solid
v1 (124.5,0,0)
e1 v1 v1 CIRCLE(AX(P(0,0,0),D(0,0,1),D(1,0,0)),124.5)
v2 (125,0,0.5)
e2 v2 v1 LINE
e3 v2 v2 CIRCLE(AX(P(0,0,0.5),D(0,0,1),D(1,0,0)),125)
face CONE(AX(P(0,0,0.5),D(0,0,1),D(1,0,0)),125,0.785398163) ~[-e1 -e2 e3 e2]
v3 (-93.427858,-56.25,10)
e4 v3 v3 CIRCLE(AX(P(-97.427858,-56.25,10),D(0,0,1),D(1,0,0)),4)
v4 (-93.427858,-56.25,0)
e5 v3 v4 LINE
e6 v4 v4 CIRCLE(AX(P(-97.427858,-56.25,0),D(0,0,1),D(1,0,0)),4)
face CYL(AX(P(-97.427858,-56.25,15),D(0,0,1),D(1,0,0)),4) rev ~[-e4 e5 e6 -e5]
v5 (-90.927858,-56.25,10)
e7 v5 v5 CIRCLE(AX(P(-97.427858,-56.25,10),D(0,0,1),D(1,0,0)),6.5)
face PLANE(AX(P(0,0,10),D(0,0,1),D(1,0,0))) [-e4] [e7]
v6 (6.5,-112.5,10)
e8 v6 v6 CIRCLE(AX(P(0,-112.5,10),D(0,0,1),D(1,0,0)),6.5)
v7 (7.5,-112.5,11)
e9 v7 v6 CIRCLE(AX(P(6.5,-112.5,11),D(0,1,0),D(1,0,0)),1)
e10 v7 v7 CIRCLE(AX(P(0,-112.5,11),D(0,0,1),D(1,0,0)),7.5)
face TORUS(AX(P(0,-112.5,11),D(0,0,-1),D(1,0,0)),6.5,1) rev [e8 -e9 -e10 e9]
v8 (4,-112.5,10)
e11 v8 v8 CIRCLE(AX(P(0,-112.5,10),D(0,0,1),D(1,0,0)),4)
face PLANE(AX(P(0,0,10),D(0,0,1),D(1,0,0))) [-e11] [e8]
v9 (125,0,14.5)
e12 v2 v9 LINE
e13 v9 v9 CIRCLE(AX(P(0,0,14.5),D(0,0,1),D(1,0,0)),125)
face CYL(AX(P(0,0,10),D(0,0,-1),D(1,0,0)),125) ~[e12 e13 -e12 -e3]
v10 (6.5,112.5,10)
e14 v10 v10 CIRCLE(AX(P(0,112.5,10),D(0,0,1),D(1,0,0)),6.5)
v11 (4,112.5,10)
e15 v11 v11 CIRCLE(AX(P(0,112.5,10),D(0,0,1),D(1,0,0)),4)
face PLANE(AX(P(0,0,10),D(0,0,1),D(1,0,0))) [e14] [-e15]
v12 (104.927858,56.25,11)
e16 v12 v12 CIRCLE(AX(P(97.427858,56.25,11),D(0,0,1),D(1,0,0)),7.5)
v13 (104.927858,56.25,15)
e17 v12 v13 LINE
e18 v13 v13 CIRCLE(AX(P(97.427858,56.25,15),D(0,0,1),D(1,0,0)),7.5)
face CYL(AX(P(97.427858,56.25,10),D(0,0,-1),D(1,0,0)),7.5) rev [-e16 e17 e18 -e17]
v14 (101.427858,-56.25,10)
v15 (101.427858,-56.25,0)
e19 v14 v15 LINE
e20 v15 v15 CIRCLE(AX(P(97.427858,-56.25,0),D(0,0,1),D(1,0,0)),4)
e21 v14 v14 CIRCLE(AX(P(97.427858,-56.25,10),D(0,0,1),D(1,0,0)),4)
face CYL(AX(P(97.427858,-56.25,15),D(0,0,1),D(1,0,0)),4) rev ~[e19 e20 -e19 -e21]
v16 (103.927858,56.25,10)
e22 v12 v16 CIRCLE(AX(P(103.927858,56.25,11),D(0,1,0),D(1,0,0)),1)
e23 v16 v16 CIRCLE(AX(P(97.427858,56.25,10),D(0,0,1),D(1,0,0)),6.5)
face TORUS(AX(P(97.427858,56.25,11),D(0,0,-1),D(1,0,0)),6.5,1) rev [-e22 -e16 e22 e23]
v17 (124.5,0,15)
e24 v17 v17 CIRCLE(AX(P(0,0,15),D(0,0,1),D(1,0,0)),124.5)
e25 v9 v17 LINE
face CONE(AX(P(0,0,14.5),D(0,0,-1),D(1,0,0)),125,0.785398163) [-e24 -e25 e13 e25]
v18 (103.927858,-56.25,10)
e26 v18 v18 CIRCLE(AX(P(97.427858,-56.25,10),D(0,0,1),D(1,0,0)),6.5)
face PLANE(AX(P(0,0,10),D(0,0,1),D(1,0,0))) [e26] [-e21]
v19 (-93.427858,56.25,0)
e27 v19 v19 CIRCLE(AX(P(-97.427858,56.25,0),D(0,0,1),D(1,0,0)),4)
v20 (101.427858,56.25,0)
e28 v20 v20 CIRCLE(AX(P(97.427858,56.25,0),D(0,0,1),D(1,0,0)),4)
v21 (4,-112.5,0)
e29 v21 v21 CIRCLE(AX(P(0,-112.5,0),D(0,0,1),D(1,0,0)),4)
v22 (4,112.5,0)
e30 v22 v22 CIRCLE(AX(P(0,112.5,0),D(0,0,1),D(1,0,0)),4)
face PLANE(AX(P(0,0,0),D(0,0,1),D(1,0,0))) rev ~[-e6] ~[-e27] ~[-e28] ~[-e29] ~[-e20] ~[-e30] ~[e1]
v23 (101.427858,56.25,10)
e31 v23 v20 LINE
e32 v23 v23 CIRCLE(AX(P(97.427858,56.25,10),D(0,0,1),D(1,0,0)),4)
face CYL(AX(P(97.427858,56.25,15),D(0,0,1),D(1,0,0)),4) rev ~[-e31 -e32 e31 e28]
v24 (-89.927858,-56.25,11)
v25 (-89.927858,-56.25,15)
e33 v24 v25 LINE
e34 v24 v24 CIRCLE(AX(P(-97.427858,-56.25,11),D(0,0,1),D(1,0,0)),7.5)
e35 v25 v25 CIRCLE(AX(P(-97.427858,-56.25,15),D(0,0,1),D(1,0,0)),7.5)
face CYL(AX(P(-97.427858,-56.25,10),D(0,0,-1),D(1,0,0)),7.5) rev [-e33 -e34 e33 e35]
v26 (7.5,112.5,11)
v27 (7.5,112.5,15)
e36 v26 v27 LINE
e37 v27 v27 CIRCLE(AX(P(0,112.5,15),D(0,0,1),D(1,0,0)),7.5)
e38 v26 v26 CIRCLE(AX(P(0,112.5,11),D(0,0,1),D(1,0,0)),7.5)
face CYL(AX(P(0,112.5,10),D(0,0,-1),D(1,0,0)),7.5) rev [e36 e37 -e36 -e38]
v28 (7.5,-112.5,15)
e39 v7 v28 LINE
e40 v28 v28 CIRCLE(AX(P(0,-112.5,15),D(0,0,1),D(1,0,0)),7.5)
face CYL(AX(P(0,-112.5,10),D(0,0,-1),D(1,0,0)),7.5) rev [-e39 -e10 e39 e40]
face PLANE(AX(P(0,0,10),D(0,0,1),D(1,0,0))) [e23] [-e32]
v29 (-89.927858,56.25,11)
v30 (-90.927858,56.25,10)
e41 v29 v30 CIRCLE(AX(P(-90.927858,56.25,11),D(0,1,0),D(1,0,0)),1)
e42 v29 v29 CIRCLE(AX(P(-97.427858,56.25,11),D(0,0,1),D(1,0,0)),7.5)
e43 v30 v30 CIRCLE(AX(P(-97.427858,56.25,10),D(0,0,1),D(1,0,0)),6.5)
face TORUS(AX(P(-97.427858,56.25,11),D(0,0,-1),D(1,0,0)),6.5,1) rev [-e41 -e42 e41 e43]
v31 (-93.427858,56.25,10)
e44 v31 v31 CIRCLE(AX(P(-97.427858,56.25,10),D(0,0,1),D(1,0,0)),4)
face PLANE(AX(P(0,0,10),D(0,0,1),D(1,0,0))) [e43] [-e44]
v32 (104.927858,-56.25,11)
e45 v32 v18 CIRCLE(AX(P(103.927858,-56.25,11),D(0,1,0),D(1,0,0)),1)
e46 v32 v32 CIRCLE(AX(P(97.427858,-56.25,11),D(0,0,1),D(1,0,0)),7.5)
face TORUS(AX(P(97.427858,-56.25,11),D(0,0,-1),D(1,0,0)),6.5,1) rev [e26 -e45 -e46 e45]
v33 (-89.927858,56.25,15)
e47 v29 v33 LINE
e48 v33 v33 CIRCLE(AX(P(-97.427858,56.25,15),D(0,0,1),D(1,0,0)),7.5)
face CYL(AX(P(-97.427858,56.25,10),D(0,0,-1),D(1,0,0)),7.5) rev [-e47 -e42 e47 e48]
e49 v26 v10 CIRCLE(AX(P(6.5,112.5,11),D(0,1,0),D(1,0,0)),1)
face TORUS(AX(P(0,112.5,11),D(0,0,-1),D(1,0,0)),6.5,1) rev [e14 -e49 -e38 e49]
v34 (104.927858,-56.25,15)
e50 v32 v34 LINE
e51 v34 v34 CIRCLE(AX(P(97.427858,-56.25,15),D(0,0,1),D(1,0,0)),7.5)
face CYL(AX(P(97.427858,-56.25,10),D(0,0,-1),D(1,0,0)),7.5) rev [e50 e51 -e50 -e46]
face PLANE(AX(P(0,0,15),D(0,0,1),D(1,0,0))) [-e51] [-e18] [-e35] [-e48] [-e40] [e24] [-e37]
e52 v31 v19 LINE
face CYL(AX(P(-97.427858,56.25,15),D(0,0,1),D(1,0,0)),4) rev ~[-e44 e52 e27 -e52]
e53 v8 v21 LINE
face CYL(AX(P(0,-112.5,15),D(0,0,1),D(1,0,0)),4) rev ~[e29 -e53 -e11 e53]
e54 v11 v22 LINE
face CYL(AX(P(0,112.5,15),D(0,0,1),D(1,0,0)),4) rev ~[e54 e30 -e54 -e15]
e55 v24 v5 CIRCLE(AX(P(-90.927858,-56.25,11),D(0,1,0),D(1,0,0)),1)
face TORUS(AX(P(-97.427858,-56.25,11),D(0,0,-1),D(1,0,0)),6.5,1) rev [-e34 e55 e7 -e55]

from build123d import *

# Parameters (mm, degrees)
F0_R     = 125
F1_DEPTH = 10
F2_R     = 125
F2_R_2   = 7.5
F3_DEPTH = 5
F4_R     = 4
F5_DEPTH = 15.001
F6_SIZE  = 0.5
F7_R     = 1


with BuildPart() as f1:
    # F0 (on Top) → F1 (new body)
    with BuildSketch(Plane.XY):
        Circle(F0_R)
    extrude(amount=F1_DEPTH)

    # F2 (on face) → F3 (join)
    with BuildSketch(Plane.XY.offset(10)):
        Circle(F2_R)
        with Locations((-97.427858, -56.25)):
            Circle(F2_R_2, mode=Mode.SUBTRACT)
        with Locations((0, -112.5)):
            Circle(F2_R_2, mode=Mode.SUBTRACT)
        with Locations((97.427858, -56.25)):
            Circle(F2_R_2, mode=Mode.SUBTRACT)
        with Locations((-97.427858, 56.25)):
            Circle(F2_R_2, mode=Mode.SUBTRACT)
        with Locations((97.427858, 56.25)):
            Circle(F2_R_2, mode=Mode.SUBTRACT)
        with Locations((0, 112.5)):
            Circle(F2_R_2, mode=Mode.SUBTRACT)
    extrude(amount=F3_DEPTH)

    # F4 (on face) → F5 (cut, through all)
    with BuildSketch(Plane.XY.offset(15)):
        with Locations((-97.427858, 56.25)):
            Circle(F4_R)
        with Locations((0, 112.5)):
            Circle(F4_R)
        with Locations((97.427858, 56.25)):
            Circle(F4_R)
        with Locations((97.427858, -56.25)):
            Circle(F4_R)
        with Locations((0, -112.5)):
            Circle(F4_R)
        with Locations((-97.427858, -56.25)):
            Circle(F4_R)
    extrude(amount=-F5_DEPTH, mode=Mode.SUBTRACT)

    # F6
    f6_edges = [f1.edges().sort_by_distance(p)[0] for p in [
        (-125, 0, 0),
        (125, 0, 7.5),
        (-125, 0, 15),
    ]]
    chamfer(f6_edges, length=F6_SIZE)

    # F7
    f7_edges = [f1.edges().sort_by_distance(p)[0] for p in [
        (-104.927858, 56.25, 10),
        (-7.5, 112.5, 10),
        (89.927858, 56.25, 10),
        (89.927858, -56.25, 10),
        (-7.5, -112.5, 10),
        (-104.927858, -56.25, 10),
    ]]
    fillet(f7_edges, radius=F7_R)


solid = f1.part
